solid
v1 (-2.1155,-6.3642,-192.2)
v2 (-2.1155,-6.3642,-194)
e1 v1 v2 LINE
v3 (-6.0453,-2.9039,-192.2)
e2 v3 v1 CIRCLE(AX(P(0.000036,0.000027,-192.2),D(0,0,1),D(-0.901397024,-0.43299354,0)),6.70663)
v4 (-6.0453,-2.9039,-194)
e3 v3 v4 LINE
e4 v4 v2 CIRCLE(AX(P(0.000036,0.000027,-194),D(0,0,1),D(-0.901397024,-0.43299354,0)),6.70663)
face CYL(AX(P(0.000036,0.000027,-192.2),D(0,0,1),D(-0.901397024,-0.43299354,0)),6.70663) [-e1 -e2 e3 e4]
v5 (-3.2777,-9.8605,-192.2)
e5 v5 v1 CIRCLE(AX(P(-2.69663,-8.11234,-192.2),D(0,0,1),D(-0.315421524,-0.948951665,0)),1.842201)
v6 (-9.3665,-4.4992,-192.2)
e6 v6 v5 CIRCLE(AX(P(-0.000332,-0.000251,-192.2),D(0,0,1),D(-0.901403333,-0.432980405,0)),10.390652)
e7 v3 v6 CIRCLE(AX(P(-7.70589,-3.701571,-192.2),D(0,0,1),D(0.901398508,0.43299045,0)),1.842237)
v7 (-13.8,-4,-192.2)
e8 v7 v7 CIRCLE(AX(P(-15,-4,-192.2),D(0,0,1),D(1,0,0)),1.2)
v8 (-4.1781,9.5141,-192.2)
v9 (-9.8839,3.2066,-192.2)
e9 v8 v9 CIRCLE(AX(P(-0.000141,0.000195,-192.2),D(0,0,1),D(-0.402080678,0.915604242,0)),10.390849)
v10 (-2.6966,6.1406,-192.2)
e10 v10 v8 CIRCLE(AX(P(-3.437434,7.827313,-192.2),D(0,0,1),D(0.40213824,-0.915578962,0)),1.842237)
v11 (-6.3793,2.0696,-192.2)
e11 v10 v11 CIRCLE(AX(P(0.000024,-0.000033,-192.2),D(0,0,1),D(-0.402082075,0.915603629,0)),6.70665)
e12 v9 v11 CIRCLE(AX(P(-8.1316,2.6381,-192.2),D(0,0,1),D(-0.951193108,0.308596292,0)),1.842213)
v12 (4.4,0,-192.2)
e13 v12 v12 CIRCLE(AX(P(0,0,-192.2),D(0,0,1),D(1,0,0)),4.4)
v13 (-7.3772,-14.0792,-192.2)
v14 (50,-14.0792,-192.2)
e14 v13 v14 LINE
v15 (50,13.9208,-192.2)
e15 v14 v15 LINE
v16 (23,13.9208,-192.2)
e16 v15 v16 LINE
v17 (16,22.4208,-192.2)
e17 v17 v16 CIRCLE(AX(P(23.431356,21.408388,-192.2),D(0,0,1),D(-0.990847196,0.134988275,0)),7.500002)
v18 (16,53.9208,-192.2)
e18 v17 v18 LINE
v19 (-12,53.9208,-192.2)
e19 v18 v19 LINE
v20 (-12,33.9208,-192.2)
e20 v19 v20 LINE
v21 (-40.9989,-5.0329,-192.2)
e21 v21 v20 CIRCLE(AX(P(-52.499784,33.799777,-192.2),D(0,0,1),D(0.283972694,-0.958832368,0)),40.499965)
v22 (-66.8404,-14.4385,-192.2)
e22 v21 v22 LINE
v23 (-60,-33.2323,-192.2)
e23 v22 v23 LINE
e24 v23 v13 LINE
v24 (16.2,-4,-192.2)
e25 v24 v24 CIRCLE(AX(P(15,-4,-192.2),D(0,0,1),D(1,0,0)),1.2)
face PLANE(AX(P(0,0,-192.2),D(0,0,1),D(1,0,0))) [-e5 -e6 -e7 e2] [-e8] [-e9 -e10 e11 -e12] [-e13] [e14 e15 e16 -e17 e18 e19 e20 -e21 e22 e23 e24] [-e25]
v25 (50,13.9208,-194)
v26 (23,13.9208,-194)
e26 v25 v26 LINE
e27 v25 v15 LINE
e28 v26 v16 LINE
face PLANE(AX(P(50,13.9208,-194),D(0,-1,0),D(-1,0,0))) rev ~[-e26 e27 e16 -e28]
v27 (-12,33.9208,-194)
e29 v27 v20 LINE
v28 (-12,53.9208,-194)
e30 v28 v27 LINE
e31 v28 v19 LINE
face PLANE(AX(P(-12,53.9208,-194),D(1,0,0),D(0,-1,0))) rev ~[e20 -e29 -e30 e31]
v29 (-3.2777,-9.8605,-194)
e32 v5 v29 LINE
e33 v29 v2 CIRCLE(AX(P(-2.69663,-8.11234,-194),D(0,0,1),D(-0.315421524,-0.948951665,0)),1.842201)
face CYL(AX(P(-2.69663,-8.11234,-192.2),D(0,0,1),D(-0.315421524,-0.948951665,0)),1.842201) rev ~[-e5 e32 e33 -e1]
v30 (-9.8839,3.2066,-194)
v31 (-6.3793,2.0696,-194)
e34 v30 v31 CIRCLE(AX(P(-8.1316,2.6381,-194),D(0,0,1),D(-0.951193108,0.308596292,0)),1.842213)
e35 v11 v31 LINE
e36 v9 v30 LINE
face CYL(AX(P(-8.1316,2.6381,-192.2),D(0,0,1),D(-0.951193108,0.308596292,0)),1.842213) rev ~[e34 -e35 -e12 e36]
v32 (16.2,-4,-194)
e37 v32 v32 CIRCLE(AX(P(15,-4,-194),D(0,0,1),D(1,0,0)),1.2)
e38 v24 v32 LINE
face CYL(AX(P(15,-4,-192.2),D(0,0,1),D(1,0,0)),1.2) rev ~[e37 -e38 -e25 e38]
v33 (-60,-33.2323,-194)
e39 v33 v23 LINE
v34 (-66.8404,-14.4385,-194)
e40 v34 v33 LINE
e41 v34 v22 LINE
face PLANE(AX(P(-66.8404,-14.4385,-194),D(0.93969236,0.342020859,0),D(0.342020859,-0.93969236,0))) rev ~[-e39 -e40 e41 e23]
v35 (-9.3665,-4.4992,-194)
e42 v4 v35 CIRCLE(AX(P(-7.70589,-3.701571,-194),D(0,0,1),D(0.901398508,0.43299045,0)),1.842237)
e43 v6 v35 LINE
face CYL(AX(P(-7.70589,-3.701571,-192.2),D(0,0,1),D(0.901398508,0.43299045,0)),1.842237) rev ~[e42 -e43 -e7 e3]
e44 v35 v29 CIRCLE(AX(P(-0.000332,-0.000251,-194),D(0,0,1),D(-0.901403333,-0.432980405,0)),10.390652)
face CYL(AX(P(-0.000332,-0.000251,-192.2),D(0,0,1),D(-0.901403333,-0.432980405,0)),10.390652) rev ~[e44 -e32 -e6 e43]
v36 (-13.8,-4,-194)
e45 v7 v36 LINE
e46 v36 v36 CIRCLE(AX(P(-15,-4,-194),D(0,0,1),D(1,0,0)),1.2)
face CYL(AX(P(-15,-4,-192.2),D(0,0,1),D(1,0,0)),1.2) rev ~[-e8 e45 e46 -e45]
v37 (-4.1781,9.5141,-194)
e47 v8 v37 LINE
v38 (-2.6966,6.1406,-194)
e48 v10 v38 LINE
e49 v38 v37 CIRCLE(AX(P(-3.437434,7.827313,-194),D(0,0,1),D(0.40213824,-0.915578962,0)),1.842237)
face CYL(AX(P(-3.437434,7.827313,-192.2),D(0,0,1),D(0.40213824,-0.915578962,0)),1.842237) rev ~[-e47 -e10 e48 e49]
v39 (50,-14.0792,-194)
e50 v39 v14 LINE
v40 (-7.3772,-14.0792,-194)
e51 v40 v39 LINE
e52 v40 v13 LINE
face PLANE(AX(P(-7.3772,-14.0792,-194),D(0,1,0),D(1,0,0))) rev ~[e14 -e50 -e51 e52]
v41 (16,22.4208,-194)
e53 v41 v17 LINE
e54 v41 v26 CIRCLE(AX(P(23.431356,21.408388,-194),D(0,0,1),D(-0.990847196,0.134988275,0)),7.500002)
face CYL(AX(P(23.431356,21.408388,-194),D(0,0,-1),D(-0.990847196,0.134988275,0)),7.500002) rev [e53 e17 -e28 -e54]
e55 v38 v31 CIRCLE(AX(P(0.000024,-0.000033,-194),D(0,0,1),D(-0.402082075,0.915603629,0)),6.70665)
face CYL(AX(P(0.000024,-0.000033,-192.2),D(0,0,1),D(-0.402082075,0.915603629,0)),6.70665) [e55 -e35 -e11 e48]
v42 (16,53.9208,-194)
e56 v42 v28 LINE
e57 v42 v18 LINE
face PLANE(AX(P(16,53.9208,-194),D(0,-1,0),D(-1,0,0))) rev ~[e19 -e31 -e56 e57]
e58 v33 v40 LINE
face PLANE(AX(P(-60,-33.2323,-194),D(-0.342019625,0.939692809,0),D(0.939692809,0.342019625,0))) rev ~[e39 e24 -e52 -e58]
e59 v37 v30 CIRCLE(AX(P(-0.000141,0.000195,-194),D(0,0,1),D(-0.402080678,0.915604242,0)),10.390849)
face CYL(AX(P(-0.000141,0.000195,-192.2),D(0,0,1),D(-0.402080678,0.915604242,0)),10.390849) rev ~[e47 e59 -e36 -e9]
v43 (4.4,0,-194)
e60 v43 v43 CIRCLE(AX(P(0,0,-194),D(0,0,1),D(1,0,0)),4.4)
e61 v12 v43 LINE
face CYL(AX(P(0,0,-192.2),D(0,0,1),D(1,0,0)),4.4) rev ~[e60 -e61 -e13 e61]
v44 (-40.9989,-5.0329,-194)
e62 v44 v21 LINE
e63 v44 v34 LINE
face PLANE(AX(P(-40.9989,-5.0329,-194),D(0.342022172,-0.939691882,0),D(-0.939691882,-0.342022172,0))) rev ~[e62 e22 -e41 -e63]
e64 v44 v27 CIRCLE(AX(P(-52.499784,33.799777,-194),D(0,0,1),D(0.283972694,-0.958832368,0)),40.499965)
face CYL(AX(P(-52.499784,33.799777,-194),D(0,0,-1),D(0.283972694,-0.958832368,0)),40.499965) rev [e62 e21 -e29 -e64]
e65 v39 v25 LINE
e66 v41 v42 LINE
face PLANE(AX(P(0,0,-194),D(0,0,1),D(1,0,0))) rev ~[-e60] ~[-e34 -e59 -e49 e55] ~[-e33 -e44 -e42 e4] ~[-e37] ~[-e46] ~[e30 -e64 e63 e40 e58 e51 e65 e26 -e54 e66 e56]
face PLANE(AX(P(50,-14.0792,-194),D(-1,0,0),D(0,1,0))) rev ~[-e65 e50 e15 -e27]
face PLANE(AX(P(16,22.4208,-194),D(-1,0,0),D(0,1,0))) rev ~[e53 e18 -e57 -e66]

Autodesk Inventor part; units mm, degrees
ref_plane "YZ Plane" through (0, 0, 0) normal (1, 0, 0) x (0, 1, 0)
ref_plane "XZ Plane" through (0, 0, 0) normal (0, 1, 0) x (-1, 0, 0)
ref_plane "XY Plane" through (0, 0, 0) normal (0, 0, 1) x (1, 0, 0)
ref_plane "РабПлоскость5" through (0, 0, -194) normal (0, 0, 1) x (1, 0, 0)
sketch "Эскиз4" plane through (0, 0, -194) normal (0, 0, 1) x (1, 0, 0)
  line L0 (-7.3772, -14.0792) -> (50, -14.0792)
  line L1 (-60, -33.2323) -> (-7.3772, -14.0792)
  line L2 (-66.8404, -14.4385) -> (-60, -33.2323)
  line L3 (-40.9989, -5.0329) -> (-66.8404, -14.4385)
  arc A0 (-40.9989, -5.0329) -> (-12, 33.9208) centre (-52.4998, 33.7998) ccw
  line L4 (-12, 53.9208) -> (-12, 33.9208)
  line L5 (16, 53.9208) -> (-12, 53.9208)
  line L6 (16, 22.4208) -> (16, 53.9208)
  arc A1 (16, 22.4208) -> (23, 13.9208) centre (23.4314, 21.4084) ccw
  line L7 (50, 13.9208) -> (23, 13.9208)
  line L8 (50, -14.0792) -> (50, 13.9208)
  point P0 (0, 0)
extrude "Выдавливание4" add sketch "Эскиз4" along normal blind 1.8
sketch "Эскиз5" plane through (0, 0, -192.2) normal (0, 0, 1) x (1, 0, 0)
  circle A0 centre (0, 0) radius 4.4
  circle A1 centre (0, 0) radius 12
  circle A2 centre (15, -4) radius 1.2
  line L0 (0, 0) -> (0, -30) construction
  circle A3 centre (-15, -4) radius 1.2
  arc A4 (-3.4374, 7.8273) -> (-8.1316, 2.6381) centre (0, 0) ccw construction
  arc A5 (-4.1781, 9.5141) -> (-9.8839, 3.2066) centre (0, 0) ccw
  arc A6 (-2.6966, 6.1406) -> (-6.3793, 2.0696) centre (0, 0) ccw
  arc A7 (-2.6966, 6.1406) -> (-4.1781, 9.5141) centre (-3.4374, 7.8273) ccw
  arc A8 (-9.8839, 3.2066) -> (-6.3793, 2.0696) centre (-8.1316, 2.6381) ccw
  arc A9 (-7.7059, -3.7016) -> (-2.6966, -8.1124) centre (0, 0) ccw construction
  arc A10 (-9.3665, -4.4992) -> (-3.2777, -9.8605) centre (0, 0) ccw
  arc A11 (-6.0453, -2.9039) -> (-2.1155, -6.3642) centre (0, 0) ccw
  arc A12 (-6.0453, -2.9039) -> (-9.3665, -4.4992) centre (-7.7059, -3.7016) ccw
  arc A13 (-3.2777, -9.8605) -> (-2.1155, -6.3642) centre (-2.6966, -8.1124) ccw
  dimension "d42" = 8.8
  dimension "d43" = 24
  dimension "d44" = 2.4
  dimension "d46" = 30
  dimension "d47" = 15
  dimension "d48" = 4
extrude "Выдавливание5" cut sketch "Эскиз5" against normal blind 30 contours A0 | A2 | A3 | A7 A6 A8 A5 | A12 A11 A13 A10
equation "\"d49\" = d46"
properties part number "Обхват головы"
